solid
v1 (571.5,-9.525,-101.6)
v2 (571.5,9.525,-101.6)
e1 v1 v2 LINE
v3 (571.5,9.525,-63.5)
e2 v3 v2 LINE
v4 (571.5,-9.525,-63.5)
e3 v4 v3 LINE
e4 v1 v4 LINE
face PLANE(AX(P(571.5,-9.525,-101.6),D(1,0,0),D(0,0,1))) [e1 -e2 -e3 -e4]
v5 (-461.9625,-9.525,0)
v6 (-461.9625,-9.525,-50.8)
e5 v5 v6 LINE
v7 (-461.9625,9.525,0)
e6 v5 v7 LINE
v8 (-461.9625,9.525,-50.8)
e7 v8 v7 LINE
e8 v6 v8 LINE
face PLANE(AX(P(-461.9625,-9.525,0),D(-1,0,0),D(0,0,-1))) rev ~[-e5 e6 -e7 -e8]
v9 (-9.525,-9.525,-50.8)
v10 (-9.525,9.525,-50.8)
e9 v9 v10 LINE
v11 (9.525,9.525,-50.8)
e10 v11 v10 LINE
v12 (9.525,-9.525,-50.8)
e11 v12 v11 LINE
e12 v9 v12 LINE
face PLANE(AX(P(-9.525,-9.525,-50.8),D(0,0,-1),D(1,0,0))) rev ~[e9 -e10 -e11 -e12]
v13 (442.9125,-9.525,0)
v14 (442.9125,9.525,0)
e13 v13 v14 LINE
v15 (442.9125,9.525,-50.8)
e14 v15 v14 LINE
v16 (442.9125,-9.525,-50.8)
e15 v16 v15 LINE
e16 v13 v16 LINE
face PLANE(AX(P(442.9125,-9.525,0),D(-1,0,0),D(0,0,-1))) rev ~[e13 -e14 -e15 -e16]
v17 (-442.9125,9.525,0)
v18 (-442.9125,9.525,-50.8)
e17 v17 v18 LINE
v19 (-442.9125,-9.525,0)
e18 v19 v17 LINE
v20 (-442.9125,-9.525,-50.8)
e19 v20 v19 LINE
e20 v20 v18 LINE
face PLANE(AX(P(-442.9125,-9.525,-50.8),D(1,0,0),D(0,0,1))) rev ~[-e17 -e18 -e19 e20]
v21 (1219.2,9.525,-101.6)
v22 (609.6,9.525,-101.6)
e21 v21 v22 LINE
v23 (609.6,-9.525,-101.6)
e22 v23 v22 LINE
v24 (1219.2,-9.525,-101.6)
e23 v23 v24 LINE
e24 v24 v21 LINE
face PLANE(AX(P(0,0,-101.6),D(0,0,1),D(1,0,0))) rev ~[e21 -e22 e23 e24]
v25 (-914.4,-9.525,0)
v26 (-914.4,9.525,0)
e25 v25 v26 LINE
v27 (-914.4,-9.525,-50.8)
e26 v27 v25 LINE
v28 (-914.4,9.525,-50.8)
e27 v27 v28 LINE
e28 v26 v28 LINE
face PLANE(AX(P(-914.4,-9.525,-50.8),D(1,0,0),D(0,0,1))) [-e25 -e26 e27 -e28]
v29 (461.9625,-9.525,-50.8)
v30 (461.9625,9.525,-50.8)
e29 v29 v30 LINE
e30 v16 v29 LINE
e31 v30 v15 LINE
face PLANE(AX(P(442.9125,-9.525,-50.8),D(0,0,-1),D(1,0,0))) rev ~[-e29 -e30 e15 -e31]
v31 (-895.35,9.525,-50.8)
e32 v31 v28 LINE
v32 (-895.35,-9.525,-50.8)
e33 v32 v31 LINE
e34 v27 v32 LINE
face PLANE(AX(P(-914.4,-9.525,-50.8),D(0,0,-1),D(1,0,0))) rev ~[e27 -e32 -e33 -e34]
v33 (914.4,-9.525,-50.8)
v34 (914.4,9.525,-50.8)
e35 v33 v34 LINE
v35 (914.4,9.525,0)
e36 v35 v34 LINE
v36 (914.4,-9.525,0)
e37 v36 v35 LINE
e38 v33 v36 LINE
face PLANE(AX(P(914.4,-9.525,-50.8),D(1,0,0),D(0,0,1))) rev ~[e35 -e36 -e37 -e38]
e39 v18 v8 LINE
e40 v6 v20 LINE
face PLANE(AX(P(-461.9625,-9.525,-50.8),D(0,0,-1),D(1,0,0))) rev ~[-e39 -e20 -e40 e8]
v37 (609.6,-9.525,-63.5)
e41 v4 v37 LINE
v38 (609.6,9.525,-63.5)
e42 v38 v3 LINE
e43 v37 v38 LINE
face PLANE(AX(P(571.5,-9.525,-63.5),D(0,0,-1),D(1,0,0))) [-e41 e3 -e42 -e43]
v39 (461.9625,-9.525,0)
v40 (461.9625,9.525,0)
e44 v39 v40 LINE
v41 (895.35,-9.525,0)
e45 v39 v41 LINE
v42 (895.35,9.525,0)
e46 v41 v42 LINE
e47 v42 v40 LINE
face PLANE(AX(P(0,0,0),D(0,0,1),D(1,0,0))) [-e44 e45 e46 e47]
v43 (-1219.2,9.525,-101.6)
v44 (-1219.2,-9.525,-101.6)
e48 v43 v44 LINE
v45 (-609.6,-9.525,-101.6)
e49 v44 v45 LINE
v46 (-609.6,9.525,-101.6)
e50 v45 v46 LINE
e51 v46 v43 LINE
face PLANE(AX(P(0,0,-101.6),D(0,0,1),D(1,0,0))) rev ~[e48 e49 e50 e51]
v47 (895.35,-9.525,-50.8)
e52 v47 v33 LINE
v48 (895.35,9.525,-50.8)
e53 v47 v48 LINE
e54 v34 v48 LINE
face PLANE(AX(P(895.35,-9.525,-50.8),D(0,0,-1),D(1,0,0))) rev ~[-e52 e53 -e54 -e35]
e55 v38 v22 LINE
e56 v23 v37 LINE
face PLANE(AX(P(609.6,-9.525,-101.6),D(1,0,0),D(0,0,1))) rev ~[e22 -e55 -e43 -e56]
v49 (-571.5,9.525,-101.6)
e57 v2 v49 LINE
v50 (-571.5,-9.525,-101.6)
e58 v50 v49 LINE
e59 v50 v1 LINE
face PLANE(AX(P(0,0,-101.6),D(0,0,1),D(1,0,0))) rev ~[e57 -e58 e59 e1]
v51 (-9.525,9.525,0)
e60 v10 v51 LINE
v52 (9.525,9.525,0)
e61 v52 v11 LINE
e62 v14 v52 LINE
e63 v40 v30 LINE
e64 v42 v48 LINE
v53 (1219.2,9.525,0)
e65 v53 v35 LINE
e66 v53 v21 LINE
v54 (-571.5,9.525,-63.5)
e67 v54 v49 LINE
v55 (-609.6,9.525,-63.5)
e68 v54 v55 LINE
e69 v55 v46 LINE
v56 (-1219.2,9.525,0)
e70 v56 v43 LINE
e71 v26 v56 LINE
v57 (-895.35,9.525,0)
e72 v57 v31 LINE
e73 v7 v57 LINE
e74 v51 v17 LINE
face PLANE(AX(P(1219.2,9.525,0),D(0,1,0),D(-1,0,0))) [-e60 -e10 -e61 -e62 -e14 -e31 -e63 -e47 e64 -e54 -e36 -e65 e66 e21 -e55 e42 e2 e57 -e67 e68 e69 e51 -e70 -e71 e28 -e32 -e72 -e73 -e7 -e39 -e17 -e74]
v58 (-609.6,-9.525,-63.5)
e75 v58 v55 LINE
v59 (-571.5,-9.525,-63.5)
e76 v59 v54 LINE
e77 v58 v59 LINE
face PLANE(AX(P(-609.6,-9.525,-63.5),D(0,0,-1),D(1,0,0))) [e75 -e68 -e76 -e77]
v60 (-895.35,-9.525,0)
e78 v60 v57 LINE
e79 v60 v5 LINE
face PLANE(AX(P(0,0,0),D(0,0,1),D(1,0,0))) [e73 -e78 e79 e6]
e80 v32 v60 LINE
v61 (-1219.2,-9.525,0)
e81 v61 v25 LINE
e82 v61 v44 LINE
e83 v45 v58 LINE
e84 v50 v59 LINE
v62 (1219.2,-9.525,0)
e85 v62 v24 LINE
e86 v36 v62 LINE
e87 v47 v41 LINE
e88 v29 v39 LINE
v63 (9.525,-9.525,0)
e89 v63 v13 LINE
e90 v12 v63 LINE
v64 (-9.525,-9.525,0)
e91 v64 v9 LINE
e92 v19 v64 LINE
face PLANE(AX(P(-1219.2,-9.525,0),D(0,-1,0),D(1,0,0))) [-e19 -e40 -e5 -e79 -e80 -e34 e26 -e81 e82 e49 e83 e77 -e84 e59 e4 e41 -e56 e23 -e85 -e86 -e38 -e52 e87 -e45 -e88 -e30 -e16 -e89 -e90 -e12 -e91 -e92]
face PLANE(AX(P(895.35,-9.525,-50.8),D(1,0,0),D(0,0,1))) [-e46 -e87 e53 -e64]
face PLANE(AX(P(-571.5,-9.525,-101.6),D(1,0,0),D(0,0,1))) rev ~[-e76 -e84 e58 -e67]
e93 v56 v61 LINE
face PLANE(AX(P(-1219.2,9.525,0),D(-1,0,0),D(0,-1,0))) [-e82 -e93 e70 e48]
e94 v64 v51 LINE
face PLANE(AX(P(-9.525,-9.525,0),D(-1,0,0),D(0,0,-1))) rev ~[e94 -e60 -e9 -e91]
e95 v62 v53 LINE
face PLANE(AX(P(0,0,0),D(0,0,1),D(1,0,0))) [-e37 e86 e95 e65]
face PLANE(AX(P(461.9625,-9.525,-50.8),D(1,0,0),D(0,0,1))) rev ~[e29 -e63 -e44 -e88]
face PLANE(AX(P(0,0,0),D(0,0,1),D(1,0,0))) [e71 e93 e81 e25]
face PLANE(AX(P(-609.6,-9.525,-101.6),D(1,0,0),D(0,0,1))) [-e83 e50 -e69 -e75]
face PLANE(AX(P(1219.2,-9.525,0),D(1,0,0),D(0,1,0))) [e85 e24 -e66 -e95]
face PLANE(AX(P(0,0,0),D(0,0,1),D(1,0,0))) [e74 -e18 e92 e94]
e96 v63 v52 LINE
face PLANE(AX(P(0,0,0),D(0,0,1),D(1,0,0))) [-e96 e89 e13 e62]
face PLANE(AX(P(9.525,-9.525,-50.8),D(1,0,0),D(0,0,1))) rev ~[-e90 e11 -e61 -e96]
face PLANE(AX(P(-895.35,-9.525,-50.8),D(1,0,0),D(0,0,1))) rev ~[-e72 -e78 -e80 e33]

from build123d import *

# Parameters (mm, degrees)
F1_DEPTH = 101.6
F2_W     = 38.1
F2_H     = 38.1
F3_DEPTH = 25.4
F4_DEPTH = 25.4
F2_W_2   = 19.05
F2_H_2   = 50.8
F5_DEPTH = 25.4


with BuildPart() as f1:
    # F0 (on Top) → F1 (new body)
    with BuildSketch(Plane.XY):
        Polygon((1219.2, -9.525), (1219.2, 0), (1219.2, 9.525), (-1219.2, 9.525), (-1219.2, 0), (-1219.2, -9.525), align=None)
    extrude(amount=-F1_DEPTH)

    # F2 (on face) → F3 (cut)
    with BuildSketch(Plane.XZ.offset(9.525)):
        with Locations((590.55, -82.55)):
            Rectangle(F2_W, F2_H)
    extrude(amount=-F3_DEPTH, mode=Mode.SUBTRACT)

    # F2 (on face) → F4 (cut)
    with BuildSketch(Plane.XZ.offset(9.525)):
        with Locations((-590.55, -82.55)):
            Rectangle(F2_W, F2_H)
    extrude(amount=-F4_DEPTH, mode=Mode.SUBTRACT)

    # F2 (on face) → F5 (cut)
    with BuildSketch(Plane.XZ.offset(9.525)):
        with Locations((-904.875, -25.4)):
            Rectangle(F2_W_2, F2_H_2)
        Polygon((-452.4375, 0), (-461.9625, 0), (-461.9625, -50.8), (-442.9125, -50.8), (-442.9125, 0), align=None)
        Polygon((9.525, -50.8), (9.525, 0), (0, 0), (-9.525, 0), (-9.525, -50.8), (0, -50.8), align=None)
        Polygon((461.9625, -50.8), (461.9625, 0), (452.4375, 0), (442.9125, 0), (442.9125, -50.8), align=None)
        with Locations((904.875, -25.4)):
            Rectangle(F2_W_2, F2_H_2)
    extrude(amount=-F5_DEPTH, mode=Mode.SUBTRACT)


solid = f1.part
